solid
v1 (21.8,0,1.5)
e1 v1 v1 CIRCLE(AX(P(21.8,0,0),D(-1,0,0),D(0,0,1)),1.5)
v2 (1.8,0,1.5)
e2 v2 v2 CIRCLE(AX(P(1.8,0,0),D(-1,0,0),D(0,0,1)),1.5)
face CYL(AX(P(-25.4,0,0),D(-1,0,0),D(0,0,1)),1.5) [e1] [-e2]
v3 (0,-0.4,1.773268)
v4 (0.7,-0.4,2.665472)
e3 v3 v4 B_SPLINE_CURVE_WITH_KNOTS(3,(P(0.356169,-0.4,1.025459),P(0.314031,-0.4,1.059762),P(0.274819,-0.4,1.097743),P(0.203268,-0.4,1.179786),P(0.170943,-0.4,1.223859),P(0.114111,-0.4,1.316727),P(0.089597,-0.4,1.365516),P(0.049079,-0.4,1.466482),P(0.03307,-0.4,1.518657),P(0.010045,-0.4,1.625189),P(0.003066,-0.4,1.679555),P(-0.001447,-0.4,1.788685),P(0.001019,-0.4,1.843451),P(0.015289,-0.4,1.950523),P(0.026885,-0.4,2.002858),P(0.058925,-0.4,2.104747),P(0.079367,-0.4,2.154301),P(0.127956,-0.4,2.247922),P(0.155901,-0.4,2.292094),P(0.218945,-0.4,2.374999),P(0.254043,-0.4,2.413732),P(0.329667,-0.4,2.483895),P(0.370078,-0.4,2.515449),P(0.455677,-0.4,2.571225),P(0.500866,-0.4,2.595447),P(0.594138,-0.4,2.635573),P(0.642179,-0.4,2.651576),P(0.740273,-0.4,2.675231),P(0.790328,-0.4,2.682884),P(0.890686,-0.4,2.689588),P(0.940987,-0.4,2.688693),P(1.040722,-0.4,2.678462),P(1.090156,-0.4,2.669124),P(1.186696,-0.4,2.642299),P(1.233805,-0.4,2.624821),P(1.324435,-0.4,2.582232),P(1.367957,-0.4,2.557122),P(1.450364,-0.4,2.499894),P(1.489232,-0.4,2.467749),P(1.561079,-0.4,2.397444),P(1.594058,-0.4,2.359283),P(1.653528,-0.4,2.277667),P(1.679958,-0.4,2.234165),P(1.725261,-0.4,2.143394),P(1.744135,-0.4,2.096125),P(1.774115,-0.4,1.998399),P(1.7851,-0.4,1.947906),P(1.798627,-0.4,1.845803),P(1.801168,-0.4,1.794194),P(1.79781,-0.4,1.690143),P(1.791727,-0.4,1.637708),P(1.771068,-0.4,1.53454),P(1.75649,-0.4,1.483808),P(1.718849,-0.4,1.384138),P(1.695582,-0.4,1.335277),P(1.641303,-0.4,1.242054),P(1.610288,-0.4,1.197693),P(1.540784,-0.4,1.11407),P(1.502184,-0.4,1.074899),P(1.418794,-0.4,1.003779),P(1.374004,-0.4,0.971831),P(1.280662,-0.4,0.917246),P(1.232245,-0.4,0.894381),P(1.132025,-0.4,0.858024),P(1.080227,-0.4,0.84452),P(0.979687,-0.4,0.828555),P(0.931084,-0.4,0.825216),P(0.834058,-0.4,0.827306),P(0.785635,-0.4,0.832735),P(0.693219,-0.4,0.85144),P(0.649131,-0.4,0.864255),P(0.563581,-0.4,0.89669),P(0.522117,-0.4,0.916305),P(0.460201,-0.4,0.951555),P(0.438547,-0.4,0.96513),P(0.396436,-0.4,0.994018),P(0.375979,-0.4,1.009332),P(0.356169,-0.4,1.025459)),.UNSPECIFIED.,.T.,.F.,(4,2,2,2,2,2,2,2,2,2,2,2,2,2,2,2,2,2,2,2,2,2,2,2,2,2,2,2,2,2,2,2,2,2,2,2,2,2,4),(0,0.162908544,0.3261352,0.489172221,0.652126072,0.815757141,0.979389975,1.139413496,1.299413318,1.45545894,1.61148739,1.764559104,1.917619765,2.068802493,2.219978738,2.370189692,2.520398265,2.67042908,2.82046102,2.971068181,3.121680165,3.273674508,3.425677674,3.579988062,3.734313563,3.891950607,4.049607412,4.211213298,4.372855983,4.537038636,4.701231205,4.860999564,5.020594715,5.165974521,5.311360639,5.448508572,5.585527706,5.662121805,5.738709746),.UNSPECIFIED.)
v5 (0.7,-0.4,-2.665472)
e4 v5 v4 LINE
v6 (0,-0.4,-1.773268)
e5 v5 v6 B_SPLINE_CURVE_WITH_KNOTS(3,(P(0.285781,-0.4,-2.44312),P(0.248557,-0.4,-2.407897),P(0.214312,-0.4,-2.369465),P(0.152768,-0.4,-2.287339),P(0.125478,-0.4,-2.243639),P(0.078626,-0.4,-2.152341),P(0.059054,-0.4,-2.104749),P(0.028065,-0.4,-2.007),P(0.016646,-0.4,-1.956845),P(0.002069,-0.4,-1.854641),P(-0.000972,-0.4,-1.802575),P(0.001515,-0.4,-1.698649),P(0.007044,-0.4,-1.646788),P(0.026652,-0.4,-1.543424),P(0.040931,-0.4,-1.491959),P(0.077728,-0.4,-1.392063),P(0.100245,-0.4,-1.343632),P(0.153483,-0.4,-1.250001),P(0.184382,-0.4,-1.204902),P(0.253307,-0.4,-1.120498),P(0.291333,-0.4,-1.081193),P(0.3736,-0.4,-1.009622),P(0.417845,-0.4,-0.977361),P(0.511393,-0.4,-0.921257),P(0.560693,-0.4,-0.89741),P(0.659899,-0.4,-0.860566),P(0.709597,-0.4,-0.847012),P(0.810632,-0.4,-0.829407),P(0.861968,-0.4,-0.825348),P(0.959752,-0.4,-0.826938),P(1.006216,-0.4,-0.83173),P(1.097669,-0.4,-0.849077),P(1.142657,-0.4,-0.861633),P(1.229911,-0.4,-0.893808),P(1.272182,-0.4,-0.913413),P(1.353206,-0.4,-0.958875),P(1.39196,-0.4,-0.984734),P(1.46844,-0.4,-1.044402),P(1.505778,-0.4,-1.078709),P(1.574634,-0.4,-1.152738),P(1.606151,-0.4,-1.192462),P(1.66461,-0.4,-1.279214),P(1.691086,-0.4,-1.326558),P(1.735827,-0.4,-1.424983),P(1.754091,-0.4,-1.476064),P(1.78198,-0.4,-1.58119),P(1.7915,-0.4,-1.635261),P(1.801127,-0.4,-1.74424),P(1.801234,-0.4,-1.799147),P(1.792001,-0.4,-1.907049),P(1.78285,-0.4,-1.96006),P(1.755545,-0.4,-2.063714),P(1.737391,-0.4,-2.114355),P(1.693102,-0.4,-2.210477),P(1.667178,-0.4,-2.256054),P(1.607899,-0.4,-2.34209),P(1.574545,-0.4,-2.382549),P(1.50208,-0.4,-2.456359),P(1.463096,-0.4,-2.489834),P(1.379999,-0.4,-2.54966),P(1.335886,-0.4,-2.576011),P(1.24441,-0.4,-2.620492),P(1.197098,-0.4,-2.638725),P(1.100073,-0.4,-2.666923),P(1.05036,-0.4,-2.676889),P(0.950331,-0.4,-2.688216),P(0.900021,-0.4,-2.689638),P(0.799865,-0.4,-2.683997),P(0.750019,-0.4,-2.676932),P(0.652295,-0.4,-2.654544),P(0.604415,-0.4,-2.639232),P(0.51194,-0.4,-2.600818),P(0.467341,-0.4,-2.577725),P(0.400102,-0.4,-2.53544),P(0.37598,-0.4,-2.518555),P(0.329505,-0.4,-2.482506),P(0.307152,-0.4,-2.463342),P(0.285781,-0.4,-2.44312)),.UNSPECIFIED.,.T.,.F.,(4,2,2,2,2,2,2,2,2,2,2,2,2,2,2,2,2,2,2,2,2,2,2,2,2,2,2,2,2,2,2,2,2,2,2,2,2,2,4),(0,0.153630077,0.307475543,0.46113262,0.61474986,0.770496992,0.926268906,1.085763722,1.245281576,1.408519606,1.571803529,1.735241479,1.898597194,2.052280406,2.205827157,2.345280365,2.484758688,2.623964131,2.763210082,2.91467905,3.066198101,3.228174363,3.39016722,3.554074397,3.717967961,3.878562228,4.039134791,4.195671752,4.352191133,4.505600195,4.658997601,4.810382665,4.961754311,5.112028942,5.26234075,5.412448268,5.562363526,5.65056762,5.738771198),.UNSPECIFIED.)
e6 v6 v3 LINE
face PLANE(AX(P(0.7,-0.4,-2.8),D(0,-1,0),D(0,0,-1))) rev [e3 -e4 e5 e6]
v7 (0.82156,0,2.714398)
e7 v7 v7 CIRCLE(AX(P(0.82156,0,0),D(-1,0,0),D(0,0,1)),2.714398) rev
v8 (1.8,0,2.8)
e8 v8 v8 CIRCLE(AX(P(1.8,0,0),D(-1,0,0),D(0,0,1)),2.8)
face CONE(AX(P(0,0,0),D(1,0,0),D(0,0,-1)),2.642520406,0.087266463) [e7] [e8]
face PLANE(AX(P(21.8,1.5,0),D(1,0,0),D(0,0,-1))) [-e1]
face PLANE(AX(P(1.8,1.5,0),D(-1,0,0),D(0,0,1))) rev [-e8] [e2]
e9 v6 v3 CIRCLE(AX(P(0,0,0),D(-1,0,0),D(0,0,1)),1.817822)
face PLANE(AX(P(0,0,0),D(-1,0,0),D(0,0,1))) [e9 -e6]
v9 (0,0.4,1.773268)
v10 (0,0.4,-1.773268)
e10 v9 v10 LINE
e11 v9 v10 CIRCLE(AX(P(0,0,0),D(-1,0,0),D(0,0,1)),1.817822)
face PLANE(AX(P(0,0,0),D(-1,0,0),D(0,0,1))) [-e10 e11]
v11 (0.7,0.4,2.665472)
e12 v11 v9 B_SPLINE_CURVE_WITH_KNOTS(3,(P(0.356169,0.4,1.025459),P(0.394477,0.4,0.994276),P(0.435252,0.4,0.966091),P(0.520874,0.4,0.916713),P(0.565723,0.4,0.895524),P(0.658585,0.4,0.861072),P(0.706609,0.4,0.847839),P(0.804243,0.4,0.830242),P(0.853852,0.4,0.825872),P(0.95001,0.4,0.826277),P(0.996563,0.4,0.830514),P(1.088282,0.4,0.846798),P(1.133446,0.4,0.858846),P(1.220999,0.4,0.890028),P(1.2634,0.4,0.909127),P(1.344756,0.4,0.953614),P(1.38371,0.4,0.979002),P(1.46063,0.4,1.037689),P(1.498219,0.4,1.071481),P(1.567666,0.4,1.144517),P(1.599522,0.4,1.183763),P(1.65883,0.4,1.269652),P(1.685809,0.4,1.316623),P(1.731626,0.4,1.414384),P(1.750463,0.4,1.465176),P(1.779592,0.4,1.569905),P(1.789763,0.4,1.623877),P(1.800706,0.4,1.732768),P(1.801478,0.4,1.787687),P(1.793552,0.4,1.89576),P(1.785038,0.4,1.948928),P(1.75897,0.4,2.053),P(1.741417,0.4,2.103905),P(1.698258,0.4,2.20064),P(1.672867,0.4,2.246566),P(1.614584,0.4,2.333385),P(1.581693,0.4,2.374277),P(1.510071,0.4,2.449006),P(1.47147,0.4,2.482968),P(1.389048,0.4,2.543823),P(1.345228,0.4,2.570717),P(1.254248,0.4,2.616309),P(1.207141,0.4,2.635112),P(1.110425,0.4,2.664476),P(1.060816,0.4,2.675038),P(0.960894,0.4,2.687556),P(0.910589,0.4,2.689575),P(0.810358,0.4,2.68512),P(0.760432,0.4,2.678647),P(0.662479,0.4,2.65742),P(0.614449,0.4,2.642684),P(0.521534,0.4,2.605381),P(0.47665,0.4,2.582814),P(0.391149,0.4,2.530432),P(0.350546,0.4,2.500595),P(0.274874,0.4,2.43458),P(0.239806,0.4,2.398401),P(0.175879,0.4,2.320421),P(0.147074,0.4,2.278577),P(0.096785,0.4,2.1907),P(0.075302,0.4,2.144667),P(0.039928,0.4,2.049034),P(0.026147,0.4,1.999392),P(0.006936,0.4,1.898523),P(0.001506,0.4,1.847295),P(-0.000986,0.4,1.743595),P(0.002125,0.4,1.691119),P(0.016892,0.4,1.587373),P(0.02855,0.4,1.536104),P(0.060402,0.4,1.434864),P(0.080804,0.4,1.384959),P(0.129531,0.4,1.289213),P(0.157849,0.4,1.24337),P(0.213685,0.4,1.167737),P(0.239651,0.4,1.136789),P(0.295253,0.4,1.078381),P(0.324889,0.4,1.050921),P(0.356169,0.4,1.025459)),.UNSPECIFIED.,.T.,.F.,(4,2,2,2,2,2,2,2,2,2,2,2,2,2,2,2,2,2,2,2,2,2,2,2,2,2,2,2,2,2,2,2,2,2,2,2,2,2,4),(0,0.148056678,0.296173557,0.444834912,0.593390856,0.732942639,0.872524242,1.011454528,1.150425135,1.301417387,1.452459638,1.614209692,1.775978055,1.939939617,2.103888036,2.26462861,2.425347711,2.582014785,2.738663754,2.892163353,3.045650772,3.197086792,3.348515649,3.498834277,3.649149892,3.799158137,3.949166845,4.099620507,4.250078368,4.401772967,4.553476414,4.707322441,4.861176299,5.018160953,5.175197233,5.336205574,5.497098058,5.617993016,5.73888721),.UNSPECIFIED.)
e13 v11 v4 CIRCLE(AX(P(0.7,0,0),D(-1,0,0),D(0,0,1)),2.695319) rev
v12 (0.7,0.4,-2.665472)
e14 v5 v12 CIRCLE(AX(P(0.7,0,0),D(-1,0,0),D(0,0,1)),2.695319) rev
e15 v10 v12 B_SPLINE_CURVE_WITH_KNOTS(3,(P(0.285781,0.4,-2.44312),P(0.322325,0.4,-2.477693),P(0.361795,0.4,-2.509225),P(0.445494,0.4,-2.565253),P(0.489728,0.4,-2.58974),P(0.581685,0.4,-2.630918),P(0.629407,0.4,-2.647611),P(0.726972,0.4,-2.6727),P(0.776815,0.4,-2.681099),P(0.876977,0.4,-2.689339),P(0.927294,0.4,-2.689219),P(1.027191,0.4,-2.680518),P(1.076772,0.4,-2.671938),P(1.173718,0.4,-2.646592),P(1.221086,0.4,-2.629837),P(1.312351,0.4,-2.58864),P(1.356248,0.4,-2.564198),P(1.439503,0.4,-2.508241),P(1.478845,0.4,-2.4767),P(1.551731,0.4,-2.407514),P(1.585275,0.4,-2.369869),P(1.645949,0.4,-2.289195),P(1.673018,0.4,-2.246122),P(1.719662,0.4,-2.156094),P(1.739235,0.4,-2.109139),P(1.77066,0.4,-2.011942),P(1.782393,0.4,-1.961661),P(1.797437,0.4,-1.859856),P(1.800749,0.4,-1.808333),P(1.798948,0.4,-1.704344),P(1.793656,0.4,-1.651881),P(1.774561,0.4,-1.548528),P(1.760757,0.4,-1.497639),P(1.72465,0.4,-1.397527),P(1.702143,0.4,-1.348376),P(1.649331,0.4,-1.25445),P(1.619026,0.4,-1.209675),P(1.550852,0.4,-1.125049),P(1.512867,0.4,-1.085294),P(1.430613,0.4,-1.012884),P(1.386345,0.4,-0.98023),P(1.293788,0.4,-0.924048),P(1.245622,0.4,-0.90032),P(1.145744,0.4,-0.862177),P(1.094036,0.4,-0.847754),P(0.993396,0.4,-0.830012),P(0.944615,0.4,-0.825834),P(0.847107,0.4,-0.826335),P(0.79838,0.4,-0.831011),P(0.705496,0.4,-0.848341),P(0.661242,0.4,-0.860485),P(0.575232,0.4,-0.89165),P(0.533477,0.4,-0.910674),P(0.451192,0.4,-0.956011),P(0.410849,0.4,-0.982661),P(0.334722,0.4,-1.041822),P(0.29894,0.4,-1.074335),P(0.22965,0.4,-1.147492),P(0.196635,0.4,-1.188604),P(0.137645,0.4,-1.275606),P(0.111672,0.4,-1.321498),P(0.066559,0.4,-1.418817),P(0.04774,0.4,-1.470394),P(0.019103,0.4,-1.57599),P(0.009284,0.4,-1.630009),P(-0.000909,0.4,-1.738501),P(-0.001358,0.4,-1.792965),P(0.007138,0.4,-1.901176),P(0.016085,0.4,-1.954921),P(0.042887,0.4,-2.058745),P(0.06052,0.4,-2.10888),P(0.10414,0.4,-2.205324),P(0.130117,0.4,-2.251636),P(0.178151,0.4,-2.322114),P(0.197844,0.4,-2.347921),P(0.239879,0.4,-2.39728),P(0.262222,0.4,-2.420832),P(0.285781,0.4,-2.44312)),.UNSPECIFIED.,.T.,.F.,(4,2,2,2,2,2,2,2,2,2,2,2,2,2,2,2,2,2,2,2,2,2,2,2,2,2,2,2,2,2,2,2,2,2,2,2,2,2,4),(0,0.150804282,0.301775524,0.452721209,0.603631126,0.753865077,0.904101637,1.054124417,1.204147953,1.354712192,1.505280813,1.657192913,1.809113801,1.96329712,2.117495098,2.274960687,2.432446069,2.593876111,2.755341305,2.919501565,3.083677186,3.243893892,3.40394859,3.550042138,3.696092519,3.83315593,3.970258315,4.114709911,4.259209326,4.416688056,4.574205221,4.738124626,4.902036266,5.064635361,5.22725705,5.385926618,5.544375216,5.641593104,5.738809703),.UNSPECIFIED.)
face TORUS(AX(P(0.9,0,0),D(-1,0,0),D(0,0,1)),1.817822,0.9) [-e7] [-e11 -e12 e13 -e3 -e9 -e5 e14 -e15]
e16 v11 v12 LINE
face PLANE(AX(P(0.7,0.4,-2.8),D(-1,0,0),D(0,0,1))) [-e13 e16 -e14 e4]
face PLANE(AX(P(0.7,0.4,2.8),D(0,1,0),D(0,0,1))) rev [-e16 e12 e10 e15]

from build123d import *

# Parameters (mm, degrees)
FILLET2_R  = 0.9
SKETCH2_W  = 5.6
SKETCH2_H  = 0.8
SLOT_DEPTH = 0.7


with BuildPart() as part:
    # BodySke → Base-Revolve (revolve)
    with BuildSketch(Plane.XY, mode=Mode.PRIVATE) as base_revolve_sk:
        Polygon((1.8, 1.5), (1.8, 2.8), (0, 2.642520406), (0, 0), (21.8, 0), (21.8, 1.5), align=None)
    revolve(base_revolve_sk.sketch.rotate(Axis((-25.4, 0, 0), (1, 0, 0)), 90), axis=Axis((-25.4, 0, 0), (1, 0, 0)))

    # Fillet2
    fillet2_edges = [part.edges().sort_by_distance(p)[0] for p in [
        (0, 0, -2.642520406),
    ]]
    fillet(fillet2_edges, radius=FILLET2_R)

    # Sketch2 → Slot (cut)
    with BuildSketch(Plane(origin=(0, 0, 0), x_dir=(0, 0, -1), z_dir=(1, 0, 0))):
        Rectangle(SKETCH2_W, SKETCH2_H)
    extrude(amount=SLOT_DEPTH, mode=Mode.SUBTRACT)


solid = part.part
